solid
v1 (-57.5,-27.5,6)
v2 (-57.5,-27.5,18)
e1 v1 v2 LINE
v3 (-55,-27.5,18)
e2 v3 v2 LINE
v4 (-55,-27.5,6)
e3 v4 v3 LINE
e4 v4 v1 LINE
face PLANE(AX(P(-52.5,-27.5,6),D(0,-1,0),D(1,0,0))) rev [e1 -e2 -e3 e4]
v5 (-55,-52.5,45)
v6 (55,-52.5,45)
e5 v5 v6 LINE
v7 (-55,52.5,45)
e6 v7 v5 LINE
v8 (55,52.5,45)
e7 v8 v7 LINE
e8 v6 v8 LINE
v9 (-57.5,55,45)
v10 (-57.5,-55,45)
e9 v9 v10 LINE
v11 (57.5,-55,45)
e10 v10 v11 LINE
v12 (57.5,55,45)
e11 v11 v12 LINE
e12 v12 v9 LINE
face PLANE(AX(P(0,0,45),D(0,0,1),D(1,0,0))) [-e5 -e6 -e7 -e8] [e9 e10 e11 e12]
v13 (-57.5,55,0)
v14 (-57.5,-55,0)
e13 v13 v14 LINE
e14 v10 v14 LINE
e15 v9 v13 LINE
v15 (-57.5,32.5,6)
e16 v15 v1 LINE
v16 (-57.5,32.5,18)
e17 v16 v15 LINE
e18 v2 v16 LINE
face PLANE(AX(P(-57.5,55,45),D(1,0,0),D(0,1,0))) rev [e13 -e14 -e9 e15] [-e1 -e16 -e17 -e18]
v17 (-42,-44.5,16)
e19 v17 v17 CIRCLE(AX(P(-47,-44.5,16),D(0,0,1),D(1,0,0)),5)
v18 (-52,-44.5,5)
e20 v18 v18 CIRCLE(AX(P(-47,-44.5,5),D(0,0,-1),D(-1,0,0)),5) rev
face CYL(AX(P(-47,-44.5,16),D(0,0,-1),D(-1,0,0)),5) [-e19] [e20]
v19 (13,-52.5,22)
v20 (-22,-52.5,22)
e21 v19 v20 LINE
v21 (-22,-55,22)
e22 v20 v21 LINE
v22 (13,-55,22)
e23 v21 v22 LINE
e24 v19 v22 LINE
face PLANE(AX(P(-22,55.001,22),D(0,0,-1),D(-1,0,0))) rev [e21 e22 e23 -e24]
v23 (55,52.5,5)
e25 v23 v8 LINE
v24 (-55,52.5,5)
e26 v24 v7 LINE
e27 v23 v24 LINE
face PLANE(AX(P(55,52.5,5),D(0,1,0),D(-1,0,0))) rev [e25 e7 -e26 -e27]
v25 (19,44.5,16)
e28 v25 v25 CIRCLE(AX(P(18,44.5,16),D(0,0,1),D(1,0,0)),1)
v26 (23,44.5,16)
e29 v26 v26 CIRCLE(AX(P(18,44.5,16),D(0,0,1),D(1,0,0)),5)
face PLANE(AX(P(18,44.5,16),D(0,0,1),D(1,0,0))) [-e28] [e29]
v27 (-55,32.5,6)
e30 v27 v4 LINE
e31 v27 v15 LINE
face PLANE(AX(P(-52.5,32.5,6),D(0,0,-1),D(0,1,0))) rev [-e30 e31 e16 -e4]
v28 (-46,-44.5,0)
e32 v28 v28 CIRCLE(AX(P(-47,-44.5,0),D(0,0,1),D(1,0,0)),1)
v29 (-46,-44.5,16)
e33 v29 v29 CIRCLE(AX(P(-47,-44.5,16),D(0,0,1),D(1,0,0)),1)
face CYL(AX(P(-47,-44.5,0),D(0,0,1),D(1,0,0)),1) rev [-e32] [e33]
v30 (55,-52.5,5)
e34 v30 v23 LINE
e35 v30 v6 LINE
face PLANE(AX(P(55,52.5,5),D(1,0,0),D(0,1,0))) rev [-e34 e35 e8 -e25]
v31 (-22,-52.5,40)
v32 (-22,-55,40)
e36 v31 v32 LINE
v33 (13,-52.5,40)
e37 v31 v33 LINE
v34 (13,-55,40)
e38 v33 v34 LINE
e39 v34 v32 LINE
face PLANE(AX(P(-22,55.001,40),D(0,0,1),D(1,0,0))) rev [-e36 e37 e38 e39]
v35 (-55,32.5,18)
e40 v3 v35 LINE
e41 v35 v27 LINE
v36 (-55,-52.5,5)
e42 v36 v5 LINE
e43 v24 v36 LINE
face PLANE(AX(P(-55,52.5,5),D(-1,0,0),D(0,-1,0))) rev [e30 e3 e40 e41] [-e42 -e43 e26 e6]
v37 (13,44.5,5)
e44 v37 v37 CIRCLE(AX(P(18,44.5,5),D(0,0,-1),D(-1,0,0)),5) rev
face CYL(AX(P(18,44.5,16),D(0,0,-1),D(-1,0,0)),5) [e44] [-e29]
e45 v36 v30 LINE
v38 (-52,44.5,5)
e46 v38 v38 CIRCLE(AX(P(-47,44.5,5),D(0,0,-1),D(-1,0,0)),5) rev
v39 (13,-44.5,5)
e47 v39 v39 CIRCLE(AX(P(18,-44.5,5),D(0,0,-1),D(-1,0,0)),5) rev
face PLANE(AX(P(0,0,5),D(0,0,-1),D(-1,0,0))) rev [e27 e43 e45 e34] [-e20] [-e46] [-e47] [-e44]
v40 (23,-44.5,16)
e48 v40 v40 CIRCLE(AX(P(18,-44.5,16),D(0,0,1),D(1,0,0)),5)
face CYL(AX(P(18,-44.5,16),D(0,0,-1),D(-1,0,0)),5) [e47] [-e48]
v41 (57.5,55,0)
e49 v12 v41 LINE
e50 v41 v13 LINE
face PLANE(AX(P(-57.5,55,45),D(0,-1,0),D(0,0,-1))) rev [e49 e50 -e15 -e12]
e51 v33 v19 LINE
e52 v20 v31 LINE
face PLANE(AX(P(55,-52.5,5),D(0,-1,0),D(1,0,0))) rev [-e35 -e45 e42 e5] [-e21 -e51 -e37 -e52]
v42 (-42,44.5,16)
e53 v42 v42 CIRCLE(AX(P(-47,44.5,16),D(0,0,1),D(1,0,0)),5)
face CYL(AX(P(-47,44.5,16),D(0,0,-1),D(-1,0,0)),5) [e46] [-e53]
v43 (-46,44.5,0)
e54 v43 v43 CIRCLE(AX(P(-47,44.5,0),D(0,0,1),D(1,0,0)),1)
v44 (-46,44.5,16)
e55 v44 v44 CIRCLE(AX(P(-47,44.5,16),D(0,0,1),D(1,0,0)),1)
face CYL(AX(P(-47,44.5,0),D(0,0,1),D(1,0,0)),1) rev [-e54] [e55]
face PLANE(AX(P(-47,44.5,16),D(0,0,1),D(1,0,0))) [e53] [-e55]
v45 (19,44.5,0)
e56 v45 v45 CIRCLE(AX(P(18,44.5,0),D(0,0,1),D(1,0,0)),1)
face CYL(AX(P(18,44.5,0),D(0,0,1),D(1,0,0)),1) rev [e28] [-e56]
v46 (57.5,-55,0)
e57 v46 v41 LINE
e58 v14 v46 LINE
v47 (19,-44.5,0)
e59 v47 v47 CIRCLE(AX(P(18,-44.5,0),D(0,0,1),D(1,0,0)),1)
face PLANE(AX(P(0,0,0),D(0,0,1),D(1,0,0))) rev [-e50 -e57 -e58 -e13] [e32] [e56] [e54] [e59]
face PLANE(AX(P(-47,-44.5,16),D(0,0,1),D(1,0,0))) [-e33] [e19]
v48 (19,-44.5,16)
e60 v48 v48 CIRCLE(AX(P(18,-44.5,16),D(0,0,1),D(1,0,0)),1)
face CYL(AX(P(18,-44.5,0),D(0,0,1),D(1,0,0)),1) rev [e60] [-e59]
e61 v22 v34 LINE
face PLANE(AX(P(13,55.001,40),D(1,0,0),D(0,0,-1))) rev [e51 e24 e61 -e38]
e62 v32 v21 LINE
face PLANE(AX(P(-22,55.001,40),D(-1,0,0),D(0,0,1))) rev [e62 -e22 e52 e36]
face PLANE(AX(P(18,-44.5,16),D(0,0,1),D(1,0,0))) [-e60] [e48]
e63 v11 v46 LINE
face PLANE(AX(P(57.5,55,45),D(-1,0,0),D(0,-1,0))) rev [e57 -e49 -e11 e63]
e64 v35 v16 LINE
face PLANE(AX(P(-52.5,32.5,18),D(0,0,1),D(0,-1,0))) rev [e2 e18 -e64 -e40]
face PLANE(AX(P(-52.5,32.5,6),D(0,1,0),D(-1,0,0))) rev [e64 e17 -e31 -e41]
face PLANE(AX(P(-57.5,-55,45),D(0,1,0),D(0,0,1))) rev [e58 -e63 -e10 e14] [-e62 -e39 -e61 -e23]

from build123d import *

# Parameters (mm, degrees)
SKETCH1_W           = 115
SKETCH1_H           = 110
BOSS_EXTRUDE1_DEPTH = 45
SKETCH2_W           = 110
SKETCH2_H           = 105
CUT_EXTRUDE1_DEPTH  = 40
SKETCH10_R          = 5
BOSS_EXTRUDE4_DEPTH = 11
SKETCH11_R          = 1
CUT_EXTRUDE8_DEPTH  = 85.689137438
CUT_EXTRUDE9_REACH  = 134.027
SKETCH14_W          = 35
SKETCH14_H          = 18
SKETCH16_W          = 12
SKETCH16_H          = 60
CUT_EXTRUDE10_DEPTH = 5


with BuildPart() as part:
    # Sketch1 → Boss-Extrude1 (new body)
    with BuildSketch(Plane.XY):
        Rectangle(SKETCH1_W, SKETCH1_H)
    extrude(amount=BOSS_EXTRUDE1_DEPTH)

    # Sketch2 → Cut-Extrude1 (cut)
    with BuildSketch(Plane.XY.offset(45)):
        Rectangle(SKETCH2_W, SKETCH2_H)
    extrude(amount=-CUT_EXTRUDE1_DEPTH, mode=Mode.SUBTRACT)

    # Sketch10 → Boss-Extrude4 (add)
    with BuildSketch(Plane.XY.offset(5)):
        with Locations(Location((-47, -44.5, 0), (0, 0, 180))):
            Circle(SKETCH10_R)
        with Locations(Location((18, -44.5, 0), (0, 0, 180))):
            Circle(SKETCH10_R)
        with Locations(Location((-47, 44.5, 0), (0, 0, 180))):
            Circle(SKETCH10_R)
        with Locations(Location((18, 44.5, 0), (0, 0, 180))):
            Circle(SKETCH10_R)
    extrude(amount=BOSS_EXTRUDE4_DEPTH)

    # Sketch11 → Cut-Extrude8 (cut, through all)
    with BuildSketch(Plane.XY.offset(16)):
        with Locations((-47, 44.5)):
            Circle(SKETCH11_R)
        with Locations((18, 44.5)):
            Circle(SKETCH11_R)
        with Locations((18, -44.5)):
            Circle(SKETCH11_R)
        with Locations((-47, -44.5)):
            Circle(SKETCH11_R)
    extrude(amount=-CUT_EXTRUDE8_DEPTH, mode=Mode.SUBTRACT)

    # Sketch14 → Cut-Extrude9 (cut, up to next)
    with BuildSketch(Plane.XZ.offset(55), mode=Mode.PRIVATE) as cut_extrude9_sk1:
        with Locations((-4.5, 31)):
            Rectangle(SKETCH14_W, SKETCH14_H)
    cut_extrude9_tool1 = extrude(cut_extrude9_sk1.sketch, amount=-CUT_EXTRUDE9_REACH, mode=Mode.PRIVATE) & part.part
    add(cut_extrude9_tool1.solids().sort_by_distance((-4.5, -55, 31))[0], mode=Mode.SUBTRACT)

    # Sketch16 → Cut-Extrude10 (cut)
    with BuildSketch(Plane.ZY.offset(57.5)):
        with Locations((12, 2.5)):
            Rectangle(SKETCH16_W, SKETCH16_H)
    extrude(amount=-CUT_EXTRUDE10_DEPTH, mode=Mode.SUBTRACT)


solid = part.part
